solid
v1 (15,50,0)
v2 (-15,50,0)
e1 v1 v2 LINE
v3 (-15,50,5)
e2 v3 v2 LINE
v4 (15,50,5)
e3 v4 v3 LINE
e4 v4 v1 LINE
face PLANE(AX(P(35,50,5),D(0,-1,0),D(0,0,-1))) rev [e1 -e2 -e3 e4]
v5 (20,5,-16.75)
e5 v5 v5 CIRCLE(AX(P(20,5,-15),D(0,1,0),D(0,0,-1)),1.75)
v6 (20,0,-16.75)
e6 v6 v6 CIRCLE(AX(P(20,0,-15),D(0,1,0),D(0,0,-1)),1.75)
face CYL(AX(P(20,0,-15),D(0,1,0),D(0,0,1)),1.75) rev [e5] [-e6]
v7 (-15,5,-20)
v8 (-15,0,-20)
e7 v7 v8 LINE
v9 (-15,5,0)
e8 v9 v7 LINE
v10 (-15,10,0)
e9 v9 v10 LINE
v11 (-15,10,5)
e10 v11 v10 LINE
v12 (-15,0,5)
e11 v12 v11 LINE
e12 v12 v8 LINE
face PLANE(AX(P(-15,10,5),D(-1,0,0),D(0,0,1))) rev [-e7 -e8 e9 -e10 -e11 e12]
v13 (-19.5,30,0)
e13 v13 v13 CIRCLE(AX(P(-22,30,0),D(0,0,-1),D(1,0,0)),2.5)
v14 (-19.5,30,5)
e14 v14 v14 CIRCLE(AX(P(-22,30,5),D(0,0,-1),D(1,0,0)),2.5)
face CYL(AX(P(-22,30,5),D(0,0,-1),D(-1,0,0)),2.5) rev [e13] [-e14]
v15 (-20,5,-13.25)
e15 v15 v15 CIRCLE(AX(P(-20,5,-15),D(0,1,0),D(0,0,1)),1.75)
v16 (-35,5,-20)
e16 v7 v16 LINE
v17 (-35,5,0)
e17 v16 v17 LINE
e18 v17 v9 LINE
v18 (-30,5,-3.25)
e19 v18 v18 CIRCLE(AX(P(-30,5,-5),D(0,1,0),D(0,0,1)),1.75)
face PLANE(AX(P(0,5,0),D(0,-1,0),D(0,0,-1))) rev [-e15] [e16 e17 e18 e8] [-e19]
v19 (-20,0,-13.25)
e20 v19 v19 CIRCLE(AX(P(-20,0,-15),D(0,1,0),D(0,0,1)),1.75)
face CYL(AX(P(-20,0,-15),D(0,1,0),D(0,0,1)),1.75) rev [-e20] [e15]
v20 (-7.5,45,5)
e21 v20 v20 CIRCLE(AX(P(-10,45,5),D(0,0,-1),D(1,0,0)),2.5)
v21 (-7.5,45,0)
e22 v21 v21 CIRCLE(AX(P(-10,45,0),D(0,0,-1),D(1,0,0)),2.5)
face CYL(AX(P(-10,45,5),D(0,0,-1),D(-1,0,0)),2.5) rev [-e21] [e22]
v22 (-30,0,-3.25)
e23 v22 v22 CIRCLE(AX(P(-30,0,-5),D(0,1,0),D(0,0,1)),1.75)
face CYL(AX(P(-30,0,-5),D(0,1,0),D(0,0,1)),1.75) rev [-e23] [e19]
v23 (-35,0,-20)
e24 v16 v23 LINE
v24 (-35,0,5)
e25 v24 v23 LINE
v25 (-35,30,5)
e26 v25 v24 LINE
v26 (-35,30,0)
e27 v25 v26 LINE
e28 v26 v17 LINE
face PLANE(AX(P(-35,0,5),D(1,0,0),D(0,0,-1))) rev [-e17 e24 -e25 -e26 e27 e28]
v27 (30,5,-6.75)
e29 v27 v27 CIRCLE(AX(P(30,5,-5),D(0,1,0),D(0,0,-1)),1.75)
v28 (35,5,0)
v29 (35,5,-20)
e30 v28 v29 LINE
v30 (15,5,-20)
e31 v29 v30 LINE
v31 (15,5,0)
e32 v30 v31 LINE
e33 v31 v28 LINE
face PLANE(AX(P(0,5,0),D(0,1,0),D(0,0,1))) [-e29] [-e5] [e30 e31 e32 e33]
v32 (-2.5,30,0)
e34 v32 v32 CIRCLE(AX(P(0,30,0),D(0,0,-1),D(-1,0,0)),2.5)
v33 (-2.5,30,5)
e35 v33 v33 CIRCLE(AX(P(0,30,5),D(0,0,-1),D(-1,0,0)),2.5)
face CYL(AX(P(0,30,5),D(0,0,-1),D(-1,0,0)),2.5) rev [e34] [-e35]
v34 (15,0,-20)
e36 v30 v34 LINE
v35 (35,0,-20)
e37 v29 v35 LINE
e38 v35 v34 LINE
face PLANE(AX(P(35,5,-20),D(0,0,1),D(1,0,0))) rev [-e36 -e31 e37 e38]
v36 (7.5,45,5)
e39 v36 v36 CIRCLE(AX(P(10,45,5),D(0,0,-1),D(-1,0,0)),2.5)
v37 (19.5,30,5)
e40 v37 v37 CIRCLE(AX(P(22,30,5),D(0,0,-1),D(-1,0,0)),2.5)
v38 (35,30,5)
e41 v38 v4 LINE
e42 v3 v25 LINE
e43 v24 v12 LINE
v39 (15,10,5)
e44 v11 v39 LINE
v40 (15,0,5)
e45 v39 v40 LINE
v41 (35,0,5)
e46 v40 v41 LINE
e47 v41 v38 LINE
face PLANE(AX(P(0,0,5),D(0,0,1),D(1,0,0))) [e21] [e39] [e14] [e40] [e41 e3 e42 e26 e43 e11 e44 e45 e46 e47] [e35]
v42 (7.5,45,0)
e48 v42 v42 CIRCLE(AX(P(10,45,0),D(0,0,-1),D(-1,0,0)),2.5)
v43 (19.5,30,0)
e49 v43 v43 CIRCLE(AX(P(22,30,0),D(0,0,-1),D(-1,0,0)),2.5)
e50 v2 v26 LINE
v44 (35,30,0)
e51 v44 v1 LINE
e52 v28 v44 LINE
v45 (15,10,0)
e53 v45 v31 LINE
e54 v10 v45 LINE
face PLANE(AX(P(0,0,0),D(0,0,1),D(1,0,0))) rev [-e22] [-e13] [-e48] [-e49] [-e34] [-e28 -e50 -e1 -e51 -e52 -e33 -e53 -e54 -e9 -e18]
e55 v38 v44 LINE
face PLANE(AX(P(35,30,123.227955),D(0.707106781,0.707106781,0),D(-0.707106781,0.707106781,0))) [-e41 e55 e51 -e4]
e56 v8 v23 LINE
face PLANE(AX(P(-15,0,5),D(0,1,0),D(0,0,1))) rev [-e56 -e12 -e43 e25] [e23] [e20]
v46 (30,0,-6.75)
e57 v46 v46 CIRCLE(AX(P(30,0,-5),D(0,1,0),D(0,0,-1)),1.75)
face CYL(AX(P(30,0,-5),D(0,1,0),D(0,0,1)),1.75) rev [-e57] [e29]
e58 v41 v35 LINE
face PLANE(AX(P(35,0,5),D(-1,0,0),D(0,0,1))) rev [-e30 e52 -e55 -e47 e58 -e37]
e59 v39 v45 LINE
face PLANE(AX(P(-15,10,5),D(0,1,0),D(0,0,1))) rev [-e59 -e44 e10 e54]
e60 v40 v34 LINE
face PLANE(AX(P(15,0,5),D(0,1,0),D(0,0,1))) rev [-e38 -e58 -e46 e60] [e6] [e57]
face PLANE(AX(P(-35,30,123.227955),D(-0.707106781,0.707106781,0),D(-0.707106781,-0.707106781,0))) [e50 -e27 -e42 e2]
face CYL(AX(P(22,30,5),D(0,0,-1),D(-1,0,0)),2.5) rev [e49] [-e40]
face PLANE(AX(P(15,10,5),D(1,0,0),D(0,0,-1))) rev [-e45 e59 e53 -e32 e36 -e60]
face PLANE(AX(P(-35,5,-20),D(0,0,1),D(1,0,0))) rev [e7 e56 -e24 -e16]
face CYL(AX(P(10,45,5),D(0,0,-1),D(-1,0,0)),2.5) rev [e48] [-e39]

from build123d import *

# Parameters (mm, degrees)
EXTRUDE_1_DEPTH          = 5
SKETCH_3_W               = 20
SKETCH_3_H               = 20
EXTRUDE_2_DEPTH          = 5
SKETCH_4_R               = 1.75
CUT_EXTRUDE_1_DEPTH      = 6
CUT_EXTRUDE_2_DEPTH      = 1
CUT_EXTRUDE_2_DEPTH_BACK = 26
SKETCH_6_R               = 2.5
CUT_EXTRUDE_3_DEPTH      = 6


with BuildPart() as part:
    # ｽｹｯﾁ1 → ﾎﾞｽ - 押し出し1 (new body)
    with BuildSketch(Plane.XY):
        Polygon((-15, 10), (15, 10), (15, 0), (35, 0), (35, 50), (-35, 50), (-35, 0), (-15, 0), align=None)
    extrude(amount=EXTRUDE_1_DEPTH)

    # ｽｹｯﾁ3 → ﾎﾞｽ - 押し出し2 (add)
    with BuildSketch(Plane(origin=(0, 0, 0), x_dir=(1, 0, 0), z_dir=(0, 1, 0))):
        with Locations((-25, 10)):
            Rectangle(SKETCH_3_W, SKETCH_3_H)
        with Locations((25, 10)):
            Rectangle(SKETCH_3_W, SKETCH_3_H)
    extrude(amount=EXTRUDE_2_DEPTH)

    # ｽｹｯﾁ4 → ｶｯﾄ - 押し出し1 (cut, through all)
    with BuildSketch(Plane(origin=(0, 5, 0), x_dir=(1, 0, 0), z_dir=(0, 1, 0))):
        with Locations((-30, 5)):
            Circle(SKETCH_4_R)
        with Locations((-20, 15)):
            Circle(SKETCH_4_R)
        with Locations((20, 15)):
            Circle(SKETCH_4_R)
        with Locations((30, 5)):
            Circle(SKETCH_4_R)
    extrude(amount=-CUT_EXTRUDE_1_DEPTH, mode=Mode.SUBTRACT)

    # ｽｹｯﾁ5 → ｶｯﾄ - 押し出し2 (cut, two sides)
    with BuildSketch(Plane.XY.offset(5)) as cut_extrude_2_sk:
        Polygon((15, 50), (35, 30), (35, 50), align=None)
        Polygon((-35, 30), (-15, 50), (-35, 50), align=None)
    extrude(amount=CUT_EXTRUDE_2_DEPTH, mode=Mode.SUBTRACT)
    extrude(cut_extrude_2_sk.sketch, amount=-CUT_EXTRUDE_2_DEPTH_BACK, mode=Mode.SUBTRACT)

    # ｽｹｯﾁ6 → ｶｯﾄ - 押し出し3 (cut, through all)
    with BuildSketch(Plane(origin=(0, 0, 0), x_dir=(-1, 0, 0), z_dir=(0, 0, -1))):
        with Locations((-22, 30)):
            Circle(SKETCH_6_R)
        with Locations((0, 30)):
            Circle(SKETCH_6_R)
        with Locations((-10, 45)):
            Circle(SKETCH_6_R)
        with Locations((10, 45)):
            Circle(SKETCH_6_R)
        with Locations((22, 30)):
            Circle(SKETCH_6_R)
    extrude(amount=-CUT_EXTRUDE_3_DEPTH, mode=Mode.SUBTRACT)


solid = part.part
